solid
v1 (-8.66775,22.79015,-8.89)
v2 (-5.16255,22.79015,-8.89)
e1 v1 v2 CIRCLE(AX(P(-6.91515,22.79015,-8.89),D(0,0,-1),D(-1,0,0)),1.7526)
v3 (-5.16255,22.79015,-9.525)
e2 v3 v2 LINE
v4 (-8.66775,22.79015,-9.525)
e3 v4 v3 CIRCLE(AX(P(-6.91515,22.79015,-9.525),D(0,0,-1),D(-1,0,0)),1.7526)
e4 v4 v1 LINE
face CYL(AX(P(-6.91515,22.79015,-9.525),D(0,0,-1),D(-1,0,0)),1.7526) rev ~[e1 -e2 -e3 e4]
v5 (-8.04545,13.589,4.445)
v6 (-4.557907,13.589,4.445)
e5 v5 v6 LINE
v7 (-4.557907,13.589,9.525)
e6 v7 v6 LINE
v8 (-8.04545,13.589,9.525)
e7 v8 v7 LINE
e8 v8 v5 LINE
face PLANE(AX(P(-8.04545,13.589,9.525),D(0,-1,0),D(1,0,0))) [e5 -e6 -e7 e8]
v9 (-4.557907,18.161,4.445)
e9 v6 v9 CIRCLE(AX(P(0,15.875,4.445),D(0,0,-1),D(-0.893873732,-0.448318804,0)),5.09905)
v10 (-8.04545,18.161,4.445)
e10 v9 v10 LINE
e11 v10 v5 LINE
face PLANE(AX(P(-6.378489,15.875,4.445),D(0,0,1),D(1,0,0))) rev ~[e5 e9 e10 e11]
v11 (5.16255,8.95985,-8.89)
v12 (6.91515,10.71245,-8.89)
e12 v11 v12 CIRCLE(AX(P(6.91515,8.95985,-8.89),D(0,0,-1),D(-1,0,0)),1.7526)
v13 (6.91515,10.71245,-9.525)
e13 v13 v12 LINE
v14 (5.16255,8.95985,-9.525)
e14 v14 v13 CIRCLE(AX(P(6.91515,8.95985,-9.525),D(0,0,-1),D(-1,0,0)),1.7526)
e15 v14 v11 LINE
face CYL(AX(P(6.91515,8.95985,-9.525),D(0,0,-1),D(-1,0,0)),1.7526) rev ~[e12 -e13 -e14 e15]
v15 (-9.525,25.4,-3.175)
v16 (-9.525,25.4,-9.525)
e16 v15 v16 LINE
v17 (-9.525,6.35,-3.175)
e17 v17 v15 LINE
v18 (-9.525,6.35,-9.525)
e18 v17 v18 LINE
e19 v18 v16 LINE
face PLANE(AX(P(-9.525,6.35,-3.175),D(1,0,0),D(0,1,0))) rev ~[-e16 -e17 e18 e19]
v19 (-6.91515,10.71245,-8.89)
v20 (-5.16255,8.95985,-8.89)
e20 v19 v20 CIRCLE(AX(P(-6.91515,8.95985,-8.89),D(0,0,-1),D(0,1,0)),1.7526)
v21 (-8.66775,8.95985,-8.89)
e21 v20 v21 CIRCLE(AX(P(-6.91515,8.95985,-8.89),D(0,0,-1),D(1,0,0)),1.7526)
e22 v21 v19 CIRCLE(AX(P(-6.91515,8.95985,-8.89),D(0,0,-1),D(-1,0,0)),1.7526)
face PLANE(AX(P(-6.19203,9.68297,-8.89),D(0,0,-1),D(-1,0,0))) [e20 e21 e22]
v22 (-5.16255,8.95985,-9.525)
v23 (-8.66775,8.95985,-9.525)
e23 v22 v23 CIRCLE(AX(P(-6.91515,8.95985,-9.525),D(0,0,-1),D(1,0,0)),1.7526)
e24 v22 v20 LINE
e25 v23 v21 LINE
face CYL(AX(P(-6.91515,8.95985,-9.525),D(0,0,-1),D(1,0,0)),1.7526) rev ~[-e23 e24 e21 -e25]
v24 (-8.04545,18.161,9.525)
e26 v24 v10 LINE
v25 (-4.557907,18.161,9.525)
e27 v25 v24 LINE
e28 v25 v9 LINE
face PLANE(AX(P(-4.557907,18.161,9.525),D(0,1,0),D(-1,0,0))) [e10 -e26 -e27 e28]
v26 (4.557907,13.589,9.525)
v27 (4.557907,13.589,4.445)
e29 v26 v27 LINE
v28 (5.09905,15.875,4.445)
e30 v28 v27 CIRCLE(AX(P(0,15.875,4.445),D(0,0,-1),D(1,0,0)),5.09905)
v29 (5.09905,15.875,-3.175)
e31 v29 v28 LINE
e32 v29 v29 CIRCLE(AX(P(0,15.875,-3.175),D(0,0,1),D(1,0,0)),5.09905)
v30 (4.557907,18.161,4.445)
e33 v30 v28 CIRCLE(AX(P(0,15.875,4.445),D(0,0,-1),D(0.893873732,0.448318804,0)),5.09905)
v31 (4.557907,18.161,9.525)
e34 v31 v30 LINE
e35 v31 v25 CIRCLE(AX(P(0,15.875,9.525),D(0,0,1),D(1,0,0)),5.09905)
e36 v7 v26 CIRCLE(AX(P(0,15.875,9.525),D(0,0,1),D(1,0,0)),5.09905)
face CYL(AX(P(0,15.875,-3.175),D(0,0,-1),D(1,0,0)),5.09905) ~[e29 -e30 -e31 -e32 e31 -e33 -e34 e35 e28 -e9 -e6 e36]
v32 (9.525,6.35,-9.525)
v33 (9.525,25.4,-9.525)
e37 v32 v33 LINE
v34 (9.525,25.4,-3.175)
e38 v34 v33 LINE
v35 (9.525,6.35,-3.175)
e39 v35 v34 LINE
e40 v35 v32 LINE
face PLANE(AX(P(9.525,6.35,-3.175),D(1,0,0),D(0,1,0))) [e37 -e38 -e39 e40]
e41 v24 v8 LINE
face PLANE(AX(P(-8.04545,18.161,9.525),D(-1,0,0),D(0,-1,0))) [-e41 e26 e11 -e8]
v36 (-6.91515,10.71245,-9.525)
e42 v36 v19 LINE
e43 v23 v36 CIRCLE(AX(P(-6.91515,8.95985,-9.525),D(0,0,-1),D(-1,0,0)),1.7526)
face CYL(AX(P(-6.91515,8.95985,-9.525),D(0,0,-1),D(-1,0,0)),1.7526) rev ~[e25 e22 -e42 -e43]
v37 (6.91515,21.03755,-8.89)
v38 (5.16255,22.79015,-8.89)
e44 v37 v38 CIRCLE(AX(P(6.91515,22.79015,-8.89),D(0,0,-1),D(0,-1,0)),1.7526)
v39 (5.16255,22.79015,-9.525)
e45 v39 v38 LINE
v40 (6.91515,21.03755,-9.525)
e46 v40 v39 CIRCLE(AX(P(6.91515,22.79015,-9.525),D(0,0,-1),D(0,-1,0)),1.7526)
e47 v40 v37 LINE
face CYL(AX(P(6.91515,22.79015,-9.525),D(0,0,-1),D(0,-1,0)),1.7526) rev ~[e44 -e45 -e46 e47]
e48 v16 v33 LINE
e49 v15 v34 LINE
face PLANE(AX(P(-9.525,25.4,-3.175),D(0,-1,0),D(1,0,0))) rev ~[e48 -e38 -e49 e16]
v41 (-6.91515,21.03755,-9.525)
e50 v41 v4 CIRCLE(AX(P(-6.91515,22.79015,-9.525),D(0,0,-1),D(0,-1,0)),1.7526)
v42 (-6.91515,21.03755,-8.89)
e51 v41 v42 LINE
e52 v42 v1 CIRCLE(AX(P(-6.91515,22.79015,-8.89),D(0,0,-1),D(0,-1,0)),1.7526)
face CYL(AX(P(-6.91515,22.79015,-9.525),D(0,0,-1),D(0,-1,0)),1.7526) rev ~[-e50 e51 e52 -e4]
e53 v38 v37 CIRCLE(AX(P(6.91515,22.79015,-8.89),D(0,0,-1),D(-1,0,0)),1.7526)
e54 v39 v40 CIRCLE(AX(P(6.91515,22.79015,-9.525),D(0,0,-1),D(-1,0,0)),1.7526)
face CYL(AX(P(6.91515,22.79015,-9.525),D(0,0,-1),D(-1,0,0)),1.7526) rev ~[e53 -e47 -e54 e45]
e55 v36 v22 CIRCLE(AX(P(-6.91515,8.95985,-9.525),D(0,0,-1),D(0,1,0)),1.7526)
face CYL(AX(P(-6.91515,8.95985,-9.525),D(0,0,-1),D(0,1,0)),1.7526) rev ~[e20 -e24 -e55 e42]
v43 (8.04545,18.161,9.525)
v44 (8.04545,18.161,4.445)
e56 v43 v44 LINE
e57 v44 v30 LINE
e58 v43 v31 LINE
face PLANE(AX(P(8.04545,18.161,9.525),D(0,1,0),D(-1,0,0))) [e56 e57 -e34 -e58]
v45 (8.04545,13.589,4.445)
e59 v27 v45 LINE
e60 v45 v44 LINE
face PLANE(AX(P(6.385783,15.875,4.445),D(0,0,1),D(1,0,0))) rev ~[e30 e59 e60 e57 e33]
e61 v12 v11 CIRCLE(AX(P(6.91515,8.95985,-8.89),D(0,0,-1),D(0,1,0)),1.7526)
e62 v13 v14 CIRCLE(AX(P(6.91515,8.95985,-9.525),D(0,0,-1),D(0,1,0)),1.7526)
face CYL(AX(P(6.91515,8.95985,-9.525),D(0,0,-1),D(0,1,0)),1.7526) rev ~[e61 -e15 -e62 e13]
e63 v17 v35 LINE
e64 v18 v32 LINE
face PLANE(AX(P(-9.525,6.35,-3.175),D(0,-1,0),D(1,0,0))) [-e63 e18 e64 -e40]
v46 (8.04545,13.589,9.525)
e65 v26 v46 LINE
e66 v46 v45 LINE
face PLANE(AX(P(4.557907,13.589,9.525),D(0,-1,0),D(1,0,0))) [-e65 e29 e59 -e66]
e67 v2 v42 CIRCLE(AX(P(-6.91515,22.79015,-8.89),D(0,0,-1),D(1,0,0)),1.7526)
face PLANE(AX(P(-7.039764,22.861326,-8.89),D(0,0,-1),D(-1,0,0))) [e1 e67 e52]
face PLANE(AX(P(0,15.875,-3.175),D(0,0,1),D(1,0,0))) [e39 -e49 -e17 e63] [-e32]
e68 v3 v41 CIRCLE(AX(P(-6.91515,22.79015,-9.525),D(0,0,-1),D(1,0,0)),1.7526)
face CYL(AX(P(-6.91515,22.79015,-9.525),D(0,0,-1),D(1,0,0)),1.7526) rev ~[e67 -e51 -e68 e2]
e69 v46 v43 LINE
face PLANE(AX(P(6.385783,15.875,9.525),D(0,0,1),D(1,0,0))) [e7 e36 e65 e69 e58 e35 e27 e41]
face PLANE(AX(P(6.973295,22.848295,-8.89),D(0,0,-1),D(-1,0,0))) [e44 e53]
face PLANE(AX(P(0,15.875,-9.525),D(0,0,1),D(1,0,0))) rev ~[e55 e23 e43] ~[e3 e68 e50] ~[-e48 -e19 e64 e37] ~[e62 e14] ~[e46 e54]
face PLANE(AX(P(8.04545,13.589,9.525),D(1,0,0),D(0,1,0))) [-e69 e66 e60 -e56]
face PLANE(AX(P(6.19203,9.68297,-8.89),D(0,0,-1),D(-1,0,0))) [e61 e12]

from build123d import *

# Parameters (mm, degrees)
F0_R     = 5.09905
F1_DEPTH = 12.7
F3_DEPTH = 5.08
F4_W     = 19.05
F4_H     = 19.05
F5_DEPTH = 6.35
F7_DEPTH = 0.635
F8_ANGLE = -90


with BuildPart() as f1:
    # F0 (on Front) → F1 (new body)
    with BuildSketch(Plane.XZ):
        Circle(F0_R)
    extrude(amount=F1_DEPTH)

    # F2 (on face) → F3 (join)
    with BuildSketch(Plane.XZ.offset(12.7)):
        with BuildLine():
            ThreePointArc((-4.5579068554, -2.286), (-5.09905, 0), (-4.5579068554, 2.286))
            Line((-4.5579068554, 2.286), (-8.04545, 2.286))
            Line((-8.04545, 2.286), (-8.04545, -2.286))
            Line((-8.04545, -2.286), (-4.5579068554, -2.286))
        make_face()
        with BuildLine():
            Line((8.04545, 2.286), (4.5579068554, 2.286))
            ThreePointArc((4.5579068554, 2.286), (4.9619202862, 1.1745884282), (5.09905, 0))
            ThreePointArc((5.09905, 0), (4.9619202862, -1.1745884282), (4.5579068554, -2.286))
            Line((4.5579068554, -2.286), (8.04545, -2.286))
            Line((8.04545, -2.286), (8.04545, 2.286))
        make_face()
    extrude(amount=-F3_DEPTH)

    # F4 (on Front) → F5 (join)
    with BuildSketch(Plane.XZ):
        Rectangle(F4_W, F4_H)
    extrude(amount=-F5_DEPTH)

    # F6 (on face) → F7 (cut)
    with BuildSketch(Plane(origin=(0, 6.35, 0), x_dir=(-1, 0, 0), z_dir=(0, 1, 0))):
        with BuildLine():
            Line((-6.91515, 6.91515), (-5.16255, 6.91515))
            ThreePointArc((-5.16255, 6.91515), (-8.1544253447, 8.1544253447), (-6.91515, 5.16255))
            Line((-6.91515, 5.16255), (-6.91515, 6.91515))
        make_face()
        with BuildLine():
            ThreePointArc((-6.91515, 5.16255), (-5.6758746553, 5.6758746553), (-5.16255, 6.91515))
            Line((-5.16255, 6.91515), (-6.91515, 6.91515))
            Line((-6.91515, 6.91515), (-6.91515, 5.16255))
        make_face()
        with BuildLine():
            ThreePointArc((8.66775, 6.91515), (6.91515, 8.66775), (5.16255, 6.91515))
            Line((5.16255, 6.91515), (6.91515, 6.91515))
            Line((6.91515, 6.91515), (6.91515, 5.16255))
            ThreePointArc((6.91515, 5.16255), (8.1544253447, 5.6758746553), (8.66775, 6.91515))
        make_face()
        with BuildLine():
            Line((6.91515, 6.91515), (5.16255, 6.91515))
            ThreePointArc((5.16255, 6.91515), (5.6758746553, 5.6758746553), (6.91515, 5.16255))
            Line((6.91515, 5.16255), (6.91515, 6.91515))
        make_face()
        with BuildLine():
            Line((6.91515, -6.91515), (6.91515, -5.16255))
            ThreePointArc((6.91515, -5.16255), (5.6758746553, -5.6758746553), (5.16255, -6.91515))
            Line((5.16255, -6.91515), (6.91515, -6.91515))
        make_face()
        with BuildLine():
            ThreePointArc((8.66775, -6.91515), (8.1544253447, -5.6758746553), (6.91515, -5.16255))
            Line((6.91515, -5.16255), (6.91515, -6.91515))
            Line((6.91515, -6.91515), (5.16255, -6.91515))
            ThreePointArc((5.16255, -6.91515), (6.91515, -8.66775), (8.66775, -6.91515))
        make_face()
        with BuildLine():
            ThreePointArc((-5.16255, -6.91515), (-5.6758746553, -5.6758746553), (-6.91515, -5.16255))
            Line((-6.91515, -5.16255), (-6.91515, -6.91515))
            Line((-6.91515, -6.91515), (-5.16255, -6.91515))
        make_face()
        with BuildLine():
            Line((-6.91515, -6.91515), (-6.91515, -5.16255))
            ThreePointArc((-6.91515, -5.16255), (-8.1544253447, -8.1544253447), (-5.16255, -6.91515))
            Line((-5.16255, -6.91515), (-6.91515, -6.91515))
        make_face()
    extrude(amount=-F7_DEPTH, mode=Mode.SUBTRACT)


with BuildPart() as f1_1:
    # F8: moved
    add(f1.part.rotate(Axis((0, 6.35, -9.525), (1, 0, 0)), F8_ANGLE))


solid = f1_1.part
